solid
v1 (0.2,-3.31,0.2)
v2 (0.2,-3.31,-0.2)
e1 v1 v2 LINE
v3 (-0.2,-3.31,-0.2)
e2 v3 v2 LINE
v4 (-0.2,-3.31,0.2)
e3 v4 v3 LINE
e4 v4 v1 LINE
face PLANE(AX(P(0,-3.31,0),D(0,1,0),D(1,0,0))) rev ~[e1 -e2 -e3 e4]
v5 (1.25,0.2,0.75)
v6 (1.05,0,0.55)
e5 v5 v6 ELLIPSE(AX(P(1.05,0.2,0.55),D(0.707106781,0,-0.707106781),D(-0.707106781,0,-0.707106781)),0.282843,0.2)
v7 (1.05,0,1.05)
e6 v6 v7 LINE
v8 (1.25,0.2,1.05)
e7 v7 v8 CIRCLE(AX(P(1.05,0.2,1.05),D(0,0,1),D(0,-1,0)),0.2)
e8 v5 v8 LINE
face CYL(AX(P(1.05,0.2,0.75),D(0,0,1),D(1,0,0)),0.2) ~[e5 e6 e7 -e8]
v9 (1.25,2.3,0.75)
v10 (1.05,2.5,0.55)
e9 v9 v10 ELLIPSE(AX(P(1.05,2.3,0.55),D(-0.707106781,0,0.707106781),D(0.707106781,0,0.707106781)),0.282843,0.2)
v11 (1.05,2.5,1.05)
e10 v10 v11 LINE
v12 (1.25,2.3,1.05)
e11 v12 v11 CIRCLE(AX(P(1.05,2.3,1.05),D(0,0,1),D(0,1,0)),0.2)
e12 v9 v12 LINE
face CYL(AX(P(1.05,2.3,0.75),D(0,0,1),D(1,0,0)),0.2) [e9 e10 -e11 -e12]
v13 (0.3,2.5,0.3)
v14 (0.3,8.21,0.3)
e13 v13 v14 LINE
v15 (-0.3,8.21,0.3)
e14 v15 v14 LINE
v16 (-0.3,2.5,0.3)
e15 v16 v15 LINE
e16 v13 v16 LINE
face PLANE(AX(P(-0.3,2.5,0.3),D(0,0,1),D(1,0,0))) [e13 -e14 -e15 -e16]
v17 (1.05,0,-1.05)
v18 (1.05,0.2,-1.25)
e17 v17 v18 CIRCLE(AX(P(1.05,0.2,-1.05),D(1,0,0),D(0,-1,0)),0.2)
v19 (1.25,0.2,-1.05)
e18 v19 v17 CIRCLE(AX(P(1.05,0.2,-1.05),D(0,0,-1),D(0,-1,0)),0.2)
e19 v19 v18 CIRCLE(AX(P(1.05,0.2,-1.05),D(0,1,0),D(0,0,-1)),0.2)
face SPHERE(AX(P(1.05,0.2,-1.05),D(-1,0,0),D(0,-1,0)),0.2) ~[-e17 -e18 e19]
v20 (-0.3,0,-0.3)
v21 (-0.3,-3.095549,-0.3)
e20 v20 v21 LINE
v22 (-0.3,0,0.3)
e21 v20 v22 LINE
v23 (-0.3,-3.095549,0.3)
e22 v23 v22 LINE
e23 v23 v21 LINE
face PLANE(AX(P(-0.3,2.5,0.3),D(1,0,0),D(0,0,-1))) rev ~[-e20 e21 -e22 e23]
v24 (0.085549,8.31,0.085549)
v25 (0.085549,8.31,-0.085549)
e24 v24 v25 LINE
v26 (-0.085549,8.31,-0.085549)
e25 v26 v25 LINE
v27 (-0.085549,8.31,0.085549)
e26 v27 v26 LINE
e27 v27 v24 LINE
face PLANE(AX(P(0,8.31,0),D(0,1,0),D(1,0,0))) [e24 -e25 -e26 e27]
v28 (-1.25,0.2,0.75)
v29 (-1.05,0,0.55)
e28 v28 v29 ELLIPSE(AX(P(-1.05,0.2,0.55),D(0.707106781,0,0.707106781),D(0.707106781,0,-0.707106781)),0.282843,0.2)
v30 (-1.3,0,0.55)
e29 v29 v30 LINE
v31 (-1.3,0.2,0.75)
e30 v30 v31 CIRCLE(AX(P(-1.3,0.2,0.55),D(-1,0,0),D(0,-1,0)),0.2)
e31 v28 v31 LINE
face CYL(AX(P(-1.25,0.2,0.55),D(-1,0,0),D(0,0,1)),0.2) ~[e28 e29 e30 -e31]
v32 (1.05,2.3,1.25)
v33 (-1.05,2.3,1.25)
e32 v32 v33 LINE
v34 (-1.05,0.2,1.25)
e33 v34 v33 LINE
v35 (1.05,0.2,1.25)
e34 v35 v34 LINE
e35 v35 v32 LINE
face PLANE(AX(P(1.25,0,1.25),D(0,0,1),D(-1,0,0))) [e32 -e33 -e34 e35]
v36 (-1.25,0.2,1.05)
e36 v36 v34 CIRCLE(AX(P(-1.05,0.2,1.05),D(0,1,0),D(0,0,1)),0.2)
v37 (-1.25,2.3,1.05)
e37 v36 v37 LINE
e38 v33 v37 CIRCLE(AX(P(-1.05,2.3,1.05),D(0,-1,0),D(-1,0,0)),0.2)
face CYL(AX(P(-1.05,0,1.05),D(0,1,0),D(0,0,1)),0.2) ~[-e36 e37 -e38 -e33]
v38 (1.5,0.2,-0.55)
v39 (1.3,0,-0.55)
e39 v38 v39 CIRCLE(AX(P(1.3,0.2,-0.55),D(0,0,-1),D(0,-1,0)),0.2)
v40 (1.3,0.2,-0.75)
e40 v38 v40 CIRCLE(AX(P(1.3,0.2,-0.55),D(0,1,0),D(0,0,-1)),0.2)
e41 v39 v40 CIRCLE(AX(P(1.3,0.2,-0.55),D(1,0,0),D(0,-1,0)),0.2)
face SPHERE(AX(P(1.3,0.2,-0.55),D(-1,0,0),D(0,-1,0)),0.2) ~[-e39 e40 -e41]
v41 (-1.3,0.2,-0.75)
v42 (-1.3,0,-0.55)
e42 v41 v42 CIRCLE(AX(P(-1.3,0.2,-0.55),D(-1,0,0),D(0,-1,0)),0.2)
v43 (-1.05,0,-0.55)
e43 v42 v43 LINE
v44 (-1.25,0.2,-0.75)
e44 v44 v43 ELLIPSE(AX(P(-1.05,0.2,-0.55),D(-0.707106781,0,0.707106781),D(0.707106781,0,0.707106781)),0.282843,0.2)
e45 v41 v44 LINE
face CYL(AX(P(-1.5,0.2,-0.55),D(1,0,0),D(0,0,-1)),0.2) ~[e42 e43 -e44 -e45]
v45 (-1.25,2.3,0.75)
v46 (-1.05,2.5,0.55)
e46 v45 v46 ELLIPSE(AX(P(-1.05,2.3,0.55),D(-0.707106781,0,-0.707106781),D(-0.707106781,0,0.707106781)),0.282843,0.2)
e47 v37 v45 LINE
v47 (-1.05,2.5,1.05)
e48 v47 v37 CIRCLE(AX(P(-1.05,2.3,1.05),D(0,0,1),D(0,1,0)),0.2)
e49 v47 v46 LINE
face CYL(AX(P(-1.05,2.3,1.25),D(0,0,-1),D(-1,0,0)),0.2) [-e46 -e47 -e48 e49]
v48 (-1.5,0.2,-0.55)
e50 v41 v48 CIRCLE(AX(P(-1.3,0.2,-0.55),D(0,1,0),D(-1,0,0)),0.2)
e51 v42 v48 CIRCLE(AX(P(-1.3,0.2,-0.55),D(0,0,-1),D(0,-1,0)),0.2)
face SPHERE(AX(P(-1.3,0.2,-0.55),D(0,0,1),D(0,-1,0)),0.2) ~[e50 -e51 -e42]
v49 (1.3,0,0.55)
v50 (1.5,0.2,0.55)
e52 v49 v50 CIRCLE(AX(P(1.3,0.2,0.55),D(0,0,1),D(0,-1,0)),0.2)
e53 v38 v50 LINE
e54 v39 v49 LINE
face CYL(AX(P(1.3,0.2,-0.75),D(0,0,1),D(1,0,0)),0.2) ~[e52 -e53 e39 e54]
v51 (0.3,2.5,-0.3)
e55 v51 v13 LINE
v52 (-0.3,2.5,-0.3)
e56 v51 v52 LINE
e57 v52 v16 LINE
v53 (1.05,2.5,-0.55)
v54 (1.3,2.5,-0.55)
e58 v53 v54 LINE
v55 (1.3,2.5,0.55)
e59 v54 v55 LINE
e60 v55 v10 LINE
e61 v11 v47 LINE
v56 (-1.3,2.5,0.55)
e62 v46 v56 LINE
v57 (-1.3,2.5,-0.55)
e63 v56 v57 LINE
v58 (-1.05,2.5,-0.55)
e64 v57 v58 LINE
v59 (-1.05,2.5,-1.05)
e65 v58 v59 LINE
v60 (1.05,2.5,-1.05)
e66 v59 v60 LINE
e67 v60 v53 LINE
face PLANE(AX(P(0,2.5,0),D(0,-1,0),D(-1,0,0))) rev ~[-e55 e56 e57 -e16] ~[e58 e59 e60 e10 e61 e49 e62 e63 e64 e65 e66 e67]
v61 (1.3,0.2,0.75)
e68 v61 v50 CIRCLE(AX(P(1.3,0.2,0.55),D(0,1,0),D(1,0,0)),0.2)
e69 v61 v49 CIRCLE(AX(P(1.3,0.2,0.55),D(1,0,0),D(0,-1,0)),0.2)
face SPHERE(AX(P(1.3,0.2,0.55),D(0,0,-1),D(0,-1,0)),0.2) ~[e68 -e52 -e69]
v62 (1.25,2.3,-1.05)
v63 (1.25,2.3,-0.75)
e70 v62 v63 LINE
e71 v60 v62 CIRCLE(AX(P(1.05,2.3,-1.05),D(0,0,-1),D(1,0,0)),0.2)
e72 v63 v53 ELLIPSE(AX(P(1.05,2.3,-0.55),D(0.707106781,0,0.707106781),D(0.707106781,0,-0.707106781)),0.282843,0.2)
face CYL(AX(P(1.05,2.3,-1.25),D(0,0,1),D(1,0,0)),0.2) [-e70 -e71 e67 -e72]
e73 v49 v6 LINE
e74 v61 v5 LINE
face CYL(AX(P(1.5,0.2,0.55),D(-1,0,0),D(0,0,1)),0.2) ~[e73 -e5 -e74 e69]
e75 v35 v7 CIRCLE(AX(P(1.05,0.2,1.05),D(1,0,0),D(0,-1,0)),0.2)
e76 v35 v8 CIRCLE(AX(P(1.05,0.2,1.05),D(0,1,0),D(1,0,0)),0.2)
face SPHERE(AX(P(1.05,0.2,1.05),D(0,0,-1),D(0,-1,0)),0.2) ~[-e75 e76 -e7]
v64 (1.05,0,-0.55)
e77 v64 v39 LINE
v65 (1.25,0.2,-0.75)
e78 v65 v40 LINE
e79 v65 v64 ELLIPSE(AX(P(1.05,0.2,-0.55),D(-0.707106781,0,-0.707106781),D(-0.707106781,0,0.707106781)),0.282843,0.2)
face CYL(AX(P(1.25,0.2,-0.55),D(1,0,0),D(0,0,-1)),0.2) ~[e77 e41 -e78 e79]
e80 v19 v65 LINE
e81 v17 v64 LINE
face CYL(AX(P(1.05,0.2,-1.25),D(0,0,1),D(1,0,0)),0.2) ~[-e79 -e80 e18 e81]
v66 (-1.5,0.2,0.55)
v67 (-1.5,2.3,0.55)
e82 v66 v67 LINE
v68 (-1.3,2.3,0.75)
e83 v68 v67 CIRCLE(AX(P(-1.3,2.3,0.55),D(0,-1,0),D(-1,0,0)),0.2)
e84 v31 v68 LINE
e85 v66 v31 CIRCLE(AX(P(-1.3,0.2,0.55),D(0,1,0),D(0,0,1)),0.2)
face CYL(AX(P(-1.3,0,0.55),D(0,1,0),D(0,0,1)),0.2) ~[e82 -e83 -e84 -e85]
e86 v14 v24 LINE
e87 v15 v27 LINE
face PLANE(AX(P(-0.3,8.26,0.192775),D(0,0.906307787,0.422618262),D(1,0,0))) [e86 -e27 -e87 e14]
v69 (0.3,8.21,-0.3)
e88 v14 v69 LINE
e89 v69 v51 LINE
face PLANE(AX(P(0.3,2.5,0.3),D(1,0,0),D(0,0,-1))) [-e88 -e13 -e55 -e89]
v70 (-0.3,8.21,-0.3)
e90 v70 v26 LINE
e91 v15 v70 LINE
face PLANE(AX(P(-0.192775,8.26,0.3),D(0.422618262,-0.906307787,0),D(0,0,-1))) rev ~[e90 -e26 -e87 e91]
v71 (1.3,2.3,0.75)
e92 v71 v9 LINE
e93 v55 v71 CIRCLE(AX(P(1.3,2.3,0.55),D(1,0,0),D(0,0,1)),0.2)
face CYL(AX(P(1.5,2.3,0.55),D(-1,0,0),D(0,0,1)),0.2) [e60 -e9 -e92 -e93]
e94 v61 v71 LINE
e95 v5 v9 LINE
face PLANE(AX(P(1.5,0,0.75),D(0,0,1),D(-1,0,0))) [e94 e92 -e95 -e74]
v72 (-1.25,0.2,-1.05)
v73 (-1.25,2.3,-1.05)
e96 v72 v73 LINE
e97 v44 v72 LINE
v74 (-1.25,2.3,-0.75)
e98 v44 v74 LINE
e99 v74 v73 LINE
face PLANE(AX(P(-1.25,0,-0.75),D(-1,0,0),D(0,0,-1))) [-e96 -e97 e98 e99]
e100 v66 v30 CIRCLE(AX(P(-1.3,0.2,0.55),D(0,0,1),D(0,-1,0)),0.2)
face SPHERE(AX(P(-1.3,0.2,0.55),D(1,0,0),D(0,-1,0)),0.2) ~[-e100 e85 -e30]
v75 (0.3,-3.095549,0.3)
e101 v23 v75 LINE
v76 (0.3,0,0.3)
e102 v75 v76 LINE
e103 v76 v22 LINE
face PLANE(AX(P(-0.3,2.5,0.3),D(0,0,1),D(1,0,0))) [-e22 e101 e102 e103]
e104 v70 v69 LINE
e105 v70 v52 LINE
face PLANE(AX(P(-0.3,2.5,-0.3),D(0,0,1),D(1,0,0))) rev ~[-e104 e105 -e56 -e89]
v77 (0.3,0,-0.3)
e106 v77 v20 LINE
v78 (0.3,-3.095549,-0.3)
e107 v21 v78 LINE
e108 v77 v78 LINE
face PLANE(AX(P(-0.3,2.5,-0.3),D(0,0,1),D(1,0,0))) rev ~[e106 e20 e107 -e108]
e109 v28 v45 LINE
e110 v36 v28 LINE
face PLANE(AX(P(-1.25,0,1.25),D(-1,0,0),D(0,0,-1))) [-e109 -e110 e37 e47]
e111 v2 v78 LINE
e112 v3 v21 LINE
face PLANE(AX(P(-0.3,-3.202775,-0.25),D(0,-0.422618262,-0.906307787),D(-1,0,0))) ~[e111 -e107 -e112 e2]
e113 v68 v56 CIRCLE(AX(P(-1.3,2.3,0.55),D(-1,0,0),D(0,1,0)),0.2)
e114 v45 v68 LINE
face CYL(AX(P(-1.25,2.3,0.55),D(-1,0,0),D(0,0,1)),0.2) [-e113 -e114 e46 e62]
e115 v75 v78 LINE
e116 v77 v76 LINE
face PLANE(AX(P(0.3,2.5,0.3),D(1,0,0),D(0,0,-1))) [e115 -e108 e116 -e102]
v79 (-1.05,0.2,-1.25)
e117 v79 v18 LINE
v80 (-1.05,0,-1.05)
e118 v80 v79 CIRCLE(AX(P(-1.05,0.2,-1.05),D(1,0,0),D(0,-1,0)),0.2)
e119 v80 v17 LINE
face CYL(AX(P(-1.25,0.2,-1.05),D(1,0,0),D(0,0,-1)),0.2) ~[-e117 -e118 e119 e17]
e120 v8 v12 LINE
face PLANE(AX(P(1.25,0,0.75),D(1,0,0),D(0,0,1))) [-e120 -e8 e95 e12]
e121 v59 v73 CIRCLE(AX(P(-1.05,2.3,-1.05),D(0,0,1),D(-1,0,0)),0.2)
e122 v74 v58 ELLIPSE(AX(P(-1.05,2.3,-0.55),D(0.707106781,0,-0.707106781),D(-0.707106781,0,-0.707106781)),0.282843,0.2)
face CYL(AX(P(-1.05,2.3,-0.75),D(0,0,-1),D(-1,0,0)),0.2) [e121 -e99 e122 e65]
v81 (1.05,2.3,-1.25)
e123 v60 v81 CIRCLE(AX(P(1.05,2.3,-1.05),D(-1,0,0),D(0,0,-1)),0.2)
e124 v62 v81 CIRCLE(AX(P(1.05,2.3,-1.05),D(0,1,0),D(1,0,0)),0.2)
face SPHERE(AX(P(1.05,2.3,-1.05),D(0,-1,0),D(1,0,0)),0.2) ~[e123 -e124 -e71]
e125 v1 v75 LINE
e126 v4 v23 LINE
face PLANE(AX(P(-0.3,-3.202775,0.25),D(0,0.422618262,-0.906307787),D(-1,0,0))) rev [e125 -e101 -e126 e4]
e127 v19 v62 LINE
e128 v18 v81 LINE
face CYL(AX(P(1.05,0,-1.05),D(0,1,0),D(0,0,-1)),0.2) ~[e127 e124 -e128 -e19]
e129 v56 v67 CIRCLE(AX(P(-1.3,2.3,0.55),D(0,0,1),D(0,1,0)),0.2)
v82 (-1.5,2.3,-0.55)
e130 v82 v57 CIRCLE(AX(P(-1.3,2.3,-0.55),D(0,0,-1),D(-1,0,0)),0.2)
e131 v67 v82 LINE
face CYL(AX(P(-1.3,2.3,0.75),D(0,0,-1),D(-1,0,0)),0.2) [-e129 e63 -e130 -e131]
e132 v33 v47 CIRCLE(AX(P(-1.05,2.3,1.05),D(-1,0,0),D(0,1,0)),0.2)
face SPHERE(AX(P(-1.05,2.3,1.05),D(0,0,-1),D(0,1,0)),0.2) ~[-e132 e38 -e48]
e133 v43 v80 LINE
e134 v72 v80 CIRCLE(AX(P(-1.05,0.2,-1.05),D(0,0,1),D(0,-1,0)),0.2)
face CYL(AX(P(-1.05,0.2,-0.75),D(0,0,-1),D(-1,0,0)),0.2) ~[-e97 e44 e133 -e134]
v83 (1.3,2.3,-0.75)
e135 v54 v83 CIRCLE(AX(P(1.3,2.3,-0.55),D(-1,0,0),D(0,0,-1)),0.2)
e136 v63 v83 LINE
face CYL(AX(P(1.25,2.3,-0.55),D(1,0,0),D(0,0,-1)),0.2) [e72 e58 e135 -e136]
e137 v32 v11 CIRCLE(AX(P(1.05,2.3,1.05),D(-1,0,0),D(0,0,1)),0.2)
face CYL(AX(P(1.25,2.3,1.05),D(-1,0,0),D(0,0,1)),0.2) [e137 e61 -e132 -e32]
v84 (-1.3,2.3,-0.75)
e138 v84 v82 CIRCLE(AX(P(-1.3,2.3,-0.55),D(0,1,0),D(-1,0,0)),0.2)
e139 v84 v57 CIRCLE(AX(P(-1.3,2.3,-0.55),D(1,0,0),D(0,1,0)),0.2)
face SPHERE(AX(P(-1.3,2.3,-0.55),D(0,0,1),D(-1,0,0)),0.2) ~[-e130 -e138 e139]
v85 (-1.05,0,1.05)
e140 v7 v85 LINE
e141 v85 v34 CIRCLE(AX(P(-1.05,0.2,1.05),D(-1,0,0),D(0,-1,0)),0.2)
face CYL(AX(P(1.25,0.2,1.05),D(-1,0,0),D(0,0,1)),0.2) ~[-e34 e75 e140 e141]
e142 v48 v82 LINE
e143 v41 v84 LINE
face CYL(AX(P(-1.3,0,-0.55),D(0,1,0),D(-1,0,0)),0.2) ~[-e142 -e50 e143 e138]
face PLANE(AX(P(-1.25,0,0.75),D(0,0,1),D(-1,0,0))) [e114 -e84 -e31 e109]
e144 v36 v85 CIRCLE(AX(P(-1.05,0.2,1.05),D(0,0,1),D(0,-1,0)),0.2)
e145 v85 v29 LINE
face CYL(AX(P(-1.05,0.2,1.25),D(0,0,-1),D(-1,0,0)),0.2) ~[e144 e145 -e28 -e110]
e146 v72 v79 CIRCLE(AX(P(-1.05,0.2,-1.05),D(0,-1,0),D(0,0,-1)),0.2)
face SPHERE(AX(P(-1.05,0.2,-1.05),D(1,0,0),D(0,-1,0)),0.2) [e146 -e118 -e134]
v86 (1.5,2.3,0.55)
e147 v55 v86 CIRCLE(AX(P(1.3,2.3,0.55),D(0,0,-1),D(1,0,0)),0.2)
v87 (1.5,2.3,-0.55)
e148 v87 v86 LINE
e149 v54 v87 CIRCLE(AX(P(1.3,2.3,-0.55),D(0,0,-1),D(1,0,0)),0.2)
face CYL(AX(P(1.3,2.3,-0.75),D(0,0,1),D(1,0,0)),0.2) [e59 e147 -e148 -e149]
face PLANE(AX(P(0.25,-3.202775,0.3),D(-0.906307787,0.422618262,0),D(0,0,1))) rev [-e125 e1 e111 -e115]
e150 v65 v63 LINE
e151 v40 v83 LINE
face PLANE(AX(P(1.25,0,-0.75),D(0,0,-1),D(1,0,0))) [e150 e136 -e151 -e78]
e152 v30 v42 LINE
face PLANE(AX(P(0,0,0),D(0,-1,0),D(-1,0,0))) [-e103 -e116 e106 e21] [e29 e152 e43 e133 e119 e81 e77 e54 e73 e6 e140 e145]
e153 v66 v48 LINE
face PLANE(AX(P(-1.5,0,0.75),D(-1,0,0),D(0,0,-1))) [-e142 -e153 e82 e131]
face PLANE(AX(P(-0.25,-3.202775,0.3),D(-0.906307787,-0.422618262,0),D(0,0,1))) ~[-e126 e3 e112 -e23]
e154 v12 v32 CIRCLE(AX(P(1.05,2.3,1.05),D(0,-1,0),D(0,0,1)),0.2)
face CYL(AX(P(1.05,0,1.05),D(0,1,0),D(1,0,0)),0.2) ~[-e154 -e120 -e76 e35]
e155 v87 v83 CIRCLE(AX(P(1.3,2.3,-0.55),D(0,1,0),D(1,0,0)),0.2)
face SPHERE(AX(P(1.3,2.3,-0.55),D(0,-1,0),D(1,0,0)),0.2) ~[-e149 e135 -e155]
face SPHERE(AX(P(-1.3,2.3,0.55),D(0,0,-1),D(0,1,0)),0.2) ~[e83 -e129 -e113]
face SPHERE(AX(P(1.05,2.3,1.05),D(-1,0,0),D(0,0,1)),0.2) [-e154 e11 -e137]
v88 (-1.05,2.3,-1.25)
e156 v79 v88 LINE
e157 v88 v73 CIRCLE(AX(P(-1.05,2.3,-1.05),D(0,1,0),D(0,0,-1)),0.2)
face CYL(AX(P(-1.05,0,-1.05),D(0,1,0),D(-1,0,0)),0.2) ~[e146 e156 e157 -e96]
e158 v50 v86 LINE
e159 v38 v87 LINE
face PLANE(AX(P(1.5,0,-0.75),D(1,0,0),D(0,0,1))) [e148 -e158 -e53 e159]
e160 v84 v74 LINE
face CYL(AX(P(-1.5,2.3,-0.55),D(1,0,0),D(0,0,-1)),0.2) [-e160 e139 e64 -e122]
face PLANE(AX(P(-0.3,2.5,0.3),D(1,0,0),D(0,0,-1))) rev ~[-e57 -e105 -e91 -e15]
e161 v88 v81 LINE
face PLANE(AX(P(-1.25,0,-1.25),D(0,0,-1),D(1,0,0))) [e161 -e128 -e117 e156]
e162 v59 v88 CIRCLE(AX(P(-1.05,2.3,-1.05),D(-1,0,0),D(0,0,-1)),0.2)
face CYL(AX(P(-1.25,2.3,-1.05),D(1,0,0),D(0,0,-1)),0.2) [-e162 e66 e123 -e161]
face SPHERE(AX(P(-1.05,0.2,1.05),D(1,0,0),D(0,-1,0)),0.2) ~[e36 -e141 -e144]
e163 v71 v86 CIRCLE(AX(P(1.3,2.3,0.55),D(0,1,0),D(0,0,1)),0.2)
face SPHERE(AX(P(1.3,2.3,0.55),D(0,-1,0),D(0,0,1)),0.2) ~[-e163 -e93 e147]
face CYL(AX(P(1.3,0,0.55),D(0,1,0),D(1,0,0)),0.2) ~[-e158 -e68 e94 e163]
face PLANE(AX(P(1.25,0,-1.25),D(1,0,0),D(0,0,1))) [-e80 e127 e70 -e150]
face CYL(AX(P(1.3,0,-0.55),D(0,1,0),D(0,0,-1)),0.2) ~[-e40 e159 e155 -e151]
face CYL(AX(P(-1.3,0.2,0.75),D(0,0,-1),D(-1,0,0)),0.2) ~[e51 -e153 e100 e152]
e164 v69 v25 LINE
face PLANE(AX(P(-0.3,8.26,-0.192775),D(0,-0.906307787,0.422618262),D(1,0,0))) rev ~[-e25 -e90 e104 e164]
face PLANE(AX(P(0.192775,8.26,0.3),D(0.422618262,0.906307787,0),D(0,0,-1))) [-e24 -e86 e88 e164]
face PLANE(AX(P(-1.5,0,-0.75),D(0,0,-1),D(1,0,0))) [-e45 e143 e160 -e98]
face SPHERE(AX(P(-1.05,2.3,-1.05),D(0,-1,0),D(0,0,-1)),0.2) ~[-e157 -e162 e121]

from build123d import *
from OCP.BRepFilletAPI import BRepFilletAPI_MakeChamfer

# Parameters (mm, degrees)
BOSS_EXTRUDE1_DEPTH = 2.5
FILLET1_R           = 0.2
SKETCH2_W           = 0.6
SKETCH2_H           = 0.6
BOSS_EXTRUDE2_DEPTH = 5.81
CHAMFER1_SIZE       = 0.1
CHAMFER1_SIZE2      = 0.214450692


with BuildPart() as part:
    # Sketch1 → Boss-Extrude1 (new body)
    with BuildSketch(Plane(origin=(0, 0, 0), x_dir=(1, 0, 0), z_dir=(0, 1, 0))):
        Polygon((1.25, 0.75), (1.5, 0.75), (1.5, -0.75), (1.25, -0.75), (1.25, -1.25), (-1.25, -1.25), (-1.25, -0.75), (-1.5, -0.75), (-1.5, 0.75), (-1.25, 0.75), (-1.25, 1.25), (1.25, 1.25), align=None)
    extrude(amount=BOSS_EXTRUDE1_DEPTH)

    # Fillet1
    fillet1_edges = [part.edges().sort_by_distance(p)[0] for p in [
        (-1.5, 2.5, 0),
        (0, 0, -1.25),
        (1.25, 0, -1),
        (1.375, 0, -0.75),
        (1.5, 0, 0),
        (1.375, 0, 0.75),
        (1.25, 0, 1),
        (-1.375, 2.5, 0.75),
        (0, 0, 1.25),
        (-1.25, 0, 1),
        (-1.375, 0, 0.75),
        (-1.5, 0, 0),
        (-1.375, 0, -0.75),
        (-1.25, 0, -1),
        (-1.25, 2.5, 1),
        (0, 2.5, 1.25),
        (-1.25, 1.25, -1.25),
        (1.25, 1.25, -1.25),
        (1.5, 1.25, -0.75),
        (1.5, 1.25, 0.75),
        (1.25, 1.25, 1.25),
        (-1.25, 1.25, 1.25),
        (-1.5, 1.25, 0.75),
        (-1.5, 1.25, -0.75),
        (1.25, 2.5, 1),
        (1.375, 2.5, 0.75),
        (1.5, 2.5, 0),
        (1.375, 2.5, -0.75),
        (1.25, 2.5, -1),
        (0, 2.5, -1.25),
        (-1.25, 2.5, -1),
        (-1.375, 2.5, -0.75),
    ]]
    fillet(fillet1_edges, radius=FILLET1_R)

    # Sketch2 → Boss-Extrude2 (add, symmetric)
    with BuildSketch(Plane(origin=(0, 2.5, 0), x_dir=(1, 0, 0), z_dir=(0, 1, 0))):
        Rectangle(SKETCH2_W, SKETCH2_H)
    extrude(amount=BOSS_EXTRUDE2_DEPTH, both=True)

    # Chamfer1: one chamfer whose edges measure the first distance from different faces: ONE call of the kernel's chamfer builder (chamfer() names one face for all edges)
    chamfer1_edges_1 = [part.edges().sort_by_distance(p)[0] for p in [
        (-0.3, -3.31, 0),
        (0, -3.31, 0.3),
        (0.3, -3.31, 0),
        (0, -3.31, -0.3),
    ]]
    chamfer1_side_1 = [part.faces().sort_by_distance(p)[0] for p in [
        (0, -3.31, 0),
    ]]
    chamfer1_edges_2 = [part.edges().sort_by_distance(p)[0] for p in [
        (-0.3, 8.31, 0),
    ]]
    chamfer1_side_2 = [part.faces().sort_by_distance(p)[0] for p in [
        (-0.3, 5.405, 0),
    ]]
    chamfer1_edges_3 = [part.edges().sort_by_distance(p)[0] for p in [
        (0, 8.31, 0.3),
    ]]
    chamfer1_side_3 = [part.faces().sort_by_distance(p)[0] for p in [
        (0, 5.405, 0.3),
    ]]
    chamfer1_edges_4 = [part.edges().sort_by_distance(p)[0] for p in [
        (0.3, 8.31, 0),
    ]]
    chamfer1_side_4 = [part.faces().sort_by_distance(p)[0] for p in [
        (0.3, 5.405, 0),
    ]]
    chamfer1_edges_5 = [part.edges().sort_by_distance(p)[0] for p in [
        (0, 8.31, -0.3),
    ]]
    chamfer1_side_5 = [part.faces().sort_by_distance(p)[0] for p in [
        (0, 5.405, -0.3),
    ]]
    chamfer1 = BRepFilletAPI_MakeChamfer(part.part.solid().wrapped)
    for e in chamfer1_edges_1:
        chamfer1.Add(CHAMFER1_SIZE, CHAMFER1_SIZE2, e.wrapped, chamfer1_side_1[0].wrapped)  # the first distance lies on this face
    for e in chamfer1_edges_2:
        chamfer1.Add(CHAMFER1_SIZE, CHAMFER1_SIZE2, e.wrapped, chamfer1_side_2[0].wrapped)  # the first distance lies on this face
    for e in chamfer1_edges_3:
        chamfer1.Add(CHAMFER1_SIZE, CHAMFER1_SIZE2, e.wrapped, chamfer1_side_3[0].wrapped)  # the first distance lies on this face
    for e in chamfer1_edges_4:
        chamfer1.Add(CHAMFER1_SIZE, CHAMFER1_SIZE2, e.wrapped, chamfer1_side_4[0].wrapped)  # the first distance lies on this face
    for e in chamfer1_edges_5:
        chamfer1.Add(CHAMFER1_SIZE, CHAMFER1_SIZE2, e.wrapped, chamfer1_side_5[0].wrapped)  # the first distance lies on this face
    add(Compound.cast(chamfer1.Shape()), mode=Mode.REPLACE)


solid = part.part
